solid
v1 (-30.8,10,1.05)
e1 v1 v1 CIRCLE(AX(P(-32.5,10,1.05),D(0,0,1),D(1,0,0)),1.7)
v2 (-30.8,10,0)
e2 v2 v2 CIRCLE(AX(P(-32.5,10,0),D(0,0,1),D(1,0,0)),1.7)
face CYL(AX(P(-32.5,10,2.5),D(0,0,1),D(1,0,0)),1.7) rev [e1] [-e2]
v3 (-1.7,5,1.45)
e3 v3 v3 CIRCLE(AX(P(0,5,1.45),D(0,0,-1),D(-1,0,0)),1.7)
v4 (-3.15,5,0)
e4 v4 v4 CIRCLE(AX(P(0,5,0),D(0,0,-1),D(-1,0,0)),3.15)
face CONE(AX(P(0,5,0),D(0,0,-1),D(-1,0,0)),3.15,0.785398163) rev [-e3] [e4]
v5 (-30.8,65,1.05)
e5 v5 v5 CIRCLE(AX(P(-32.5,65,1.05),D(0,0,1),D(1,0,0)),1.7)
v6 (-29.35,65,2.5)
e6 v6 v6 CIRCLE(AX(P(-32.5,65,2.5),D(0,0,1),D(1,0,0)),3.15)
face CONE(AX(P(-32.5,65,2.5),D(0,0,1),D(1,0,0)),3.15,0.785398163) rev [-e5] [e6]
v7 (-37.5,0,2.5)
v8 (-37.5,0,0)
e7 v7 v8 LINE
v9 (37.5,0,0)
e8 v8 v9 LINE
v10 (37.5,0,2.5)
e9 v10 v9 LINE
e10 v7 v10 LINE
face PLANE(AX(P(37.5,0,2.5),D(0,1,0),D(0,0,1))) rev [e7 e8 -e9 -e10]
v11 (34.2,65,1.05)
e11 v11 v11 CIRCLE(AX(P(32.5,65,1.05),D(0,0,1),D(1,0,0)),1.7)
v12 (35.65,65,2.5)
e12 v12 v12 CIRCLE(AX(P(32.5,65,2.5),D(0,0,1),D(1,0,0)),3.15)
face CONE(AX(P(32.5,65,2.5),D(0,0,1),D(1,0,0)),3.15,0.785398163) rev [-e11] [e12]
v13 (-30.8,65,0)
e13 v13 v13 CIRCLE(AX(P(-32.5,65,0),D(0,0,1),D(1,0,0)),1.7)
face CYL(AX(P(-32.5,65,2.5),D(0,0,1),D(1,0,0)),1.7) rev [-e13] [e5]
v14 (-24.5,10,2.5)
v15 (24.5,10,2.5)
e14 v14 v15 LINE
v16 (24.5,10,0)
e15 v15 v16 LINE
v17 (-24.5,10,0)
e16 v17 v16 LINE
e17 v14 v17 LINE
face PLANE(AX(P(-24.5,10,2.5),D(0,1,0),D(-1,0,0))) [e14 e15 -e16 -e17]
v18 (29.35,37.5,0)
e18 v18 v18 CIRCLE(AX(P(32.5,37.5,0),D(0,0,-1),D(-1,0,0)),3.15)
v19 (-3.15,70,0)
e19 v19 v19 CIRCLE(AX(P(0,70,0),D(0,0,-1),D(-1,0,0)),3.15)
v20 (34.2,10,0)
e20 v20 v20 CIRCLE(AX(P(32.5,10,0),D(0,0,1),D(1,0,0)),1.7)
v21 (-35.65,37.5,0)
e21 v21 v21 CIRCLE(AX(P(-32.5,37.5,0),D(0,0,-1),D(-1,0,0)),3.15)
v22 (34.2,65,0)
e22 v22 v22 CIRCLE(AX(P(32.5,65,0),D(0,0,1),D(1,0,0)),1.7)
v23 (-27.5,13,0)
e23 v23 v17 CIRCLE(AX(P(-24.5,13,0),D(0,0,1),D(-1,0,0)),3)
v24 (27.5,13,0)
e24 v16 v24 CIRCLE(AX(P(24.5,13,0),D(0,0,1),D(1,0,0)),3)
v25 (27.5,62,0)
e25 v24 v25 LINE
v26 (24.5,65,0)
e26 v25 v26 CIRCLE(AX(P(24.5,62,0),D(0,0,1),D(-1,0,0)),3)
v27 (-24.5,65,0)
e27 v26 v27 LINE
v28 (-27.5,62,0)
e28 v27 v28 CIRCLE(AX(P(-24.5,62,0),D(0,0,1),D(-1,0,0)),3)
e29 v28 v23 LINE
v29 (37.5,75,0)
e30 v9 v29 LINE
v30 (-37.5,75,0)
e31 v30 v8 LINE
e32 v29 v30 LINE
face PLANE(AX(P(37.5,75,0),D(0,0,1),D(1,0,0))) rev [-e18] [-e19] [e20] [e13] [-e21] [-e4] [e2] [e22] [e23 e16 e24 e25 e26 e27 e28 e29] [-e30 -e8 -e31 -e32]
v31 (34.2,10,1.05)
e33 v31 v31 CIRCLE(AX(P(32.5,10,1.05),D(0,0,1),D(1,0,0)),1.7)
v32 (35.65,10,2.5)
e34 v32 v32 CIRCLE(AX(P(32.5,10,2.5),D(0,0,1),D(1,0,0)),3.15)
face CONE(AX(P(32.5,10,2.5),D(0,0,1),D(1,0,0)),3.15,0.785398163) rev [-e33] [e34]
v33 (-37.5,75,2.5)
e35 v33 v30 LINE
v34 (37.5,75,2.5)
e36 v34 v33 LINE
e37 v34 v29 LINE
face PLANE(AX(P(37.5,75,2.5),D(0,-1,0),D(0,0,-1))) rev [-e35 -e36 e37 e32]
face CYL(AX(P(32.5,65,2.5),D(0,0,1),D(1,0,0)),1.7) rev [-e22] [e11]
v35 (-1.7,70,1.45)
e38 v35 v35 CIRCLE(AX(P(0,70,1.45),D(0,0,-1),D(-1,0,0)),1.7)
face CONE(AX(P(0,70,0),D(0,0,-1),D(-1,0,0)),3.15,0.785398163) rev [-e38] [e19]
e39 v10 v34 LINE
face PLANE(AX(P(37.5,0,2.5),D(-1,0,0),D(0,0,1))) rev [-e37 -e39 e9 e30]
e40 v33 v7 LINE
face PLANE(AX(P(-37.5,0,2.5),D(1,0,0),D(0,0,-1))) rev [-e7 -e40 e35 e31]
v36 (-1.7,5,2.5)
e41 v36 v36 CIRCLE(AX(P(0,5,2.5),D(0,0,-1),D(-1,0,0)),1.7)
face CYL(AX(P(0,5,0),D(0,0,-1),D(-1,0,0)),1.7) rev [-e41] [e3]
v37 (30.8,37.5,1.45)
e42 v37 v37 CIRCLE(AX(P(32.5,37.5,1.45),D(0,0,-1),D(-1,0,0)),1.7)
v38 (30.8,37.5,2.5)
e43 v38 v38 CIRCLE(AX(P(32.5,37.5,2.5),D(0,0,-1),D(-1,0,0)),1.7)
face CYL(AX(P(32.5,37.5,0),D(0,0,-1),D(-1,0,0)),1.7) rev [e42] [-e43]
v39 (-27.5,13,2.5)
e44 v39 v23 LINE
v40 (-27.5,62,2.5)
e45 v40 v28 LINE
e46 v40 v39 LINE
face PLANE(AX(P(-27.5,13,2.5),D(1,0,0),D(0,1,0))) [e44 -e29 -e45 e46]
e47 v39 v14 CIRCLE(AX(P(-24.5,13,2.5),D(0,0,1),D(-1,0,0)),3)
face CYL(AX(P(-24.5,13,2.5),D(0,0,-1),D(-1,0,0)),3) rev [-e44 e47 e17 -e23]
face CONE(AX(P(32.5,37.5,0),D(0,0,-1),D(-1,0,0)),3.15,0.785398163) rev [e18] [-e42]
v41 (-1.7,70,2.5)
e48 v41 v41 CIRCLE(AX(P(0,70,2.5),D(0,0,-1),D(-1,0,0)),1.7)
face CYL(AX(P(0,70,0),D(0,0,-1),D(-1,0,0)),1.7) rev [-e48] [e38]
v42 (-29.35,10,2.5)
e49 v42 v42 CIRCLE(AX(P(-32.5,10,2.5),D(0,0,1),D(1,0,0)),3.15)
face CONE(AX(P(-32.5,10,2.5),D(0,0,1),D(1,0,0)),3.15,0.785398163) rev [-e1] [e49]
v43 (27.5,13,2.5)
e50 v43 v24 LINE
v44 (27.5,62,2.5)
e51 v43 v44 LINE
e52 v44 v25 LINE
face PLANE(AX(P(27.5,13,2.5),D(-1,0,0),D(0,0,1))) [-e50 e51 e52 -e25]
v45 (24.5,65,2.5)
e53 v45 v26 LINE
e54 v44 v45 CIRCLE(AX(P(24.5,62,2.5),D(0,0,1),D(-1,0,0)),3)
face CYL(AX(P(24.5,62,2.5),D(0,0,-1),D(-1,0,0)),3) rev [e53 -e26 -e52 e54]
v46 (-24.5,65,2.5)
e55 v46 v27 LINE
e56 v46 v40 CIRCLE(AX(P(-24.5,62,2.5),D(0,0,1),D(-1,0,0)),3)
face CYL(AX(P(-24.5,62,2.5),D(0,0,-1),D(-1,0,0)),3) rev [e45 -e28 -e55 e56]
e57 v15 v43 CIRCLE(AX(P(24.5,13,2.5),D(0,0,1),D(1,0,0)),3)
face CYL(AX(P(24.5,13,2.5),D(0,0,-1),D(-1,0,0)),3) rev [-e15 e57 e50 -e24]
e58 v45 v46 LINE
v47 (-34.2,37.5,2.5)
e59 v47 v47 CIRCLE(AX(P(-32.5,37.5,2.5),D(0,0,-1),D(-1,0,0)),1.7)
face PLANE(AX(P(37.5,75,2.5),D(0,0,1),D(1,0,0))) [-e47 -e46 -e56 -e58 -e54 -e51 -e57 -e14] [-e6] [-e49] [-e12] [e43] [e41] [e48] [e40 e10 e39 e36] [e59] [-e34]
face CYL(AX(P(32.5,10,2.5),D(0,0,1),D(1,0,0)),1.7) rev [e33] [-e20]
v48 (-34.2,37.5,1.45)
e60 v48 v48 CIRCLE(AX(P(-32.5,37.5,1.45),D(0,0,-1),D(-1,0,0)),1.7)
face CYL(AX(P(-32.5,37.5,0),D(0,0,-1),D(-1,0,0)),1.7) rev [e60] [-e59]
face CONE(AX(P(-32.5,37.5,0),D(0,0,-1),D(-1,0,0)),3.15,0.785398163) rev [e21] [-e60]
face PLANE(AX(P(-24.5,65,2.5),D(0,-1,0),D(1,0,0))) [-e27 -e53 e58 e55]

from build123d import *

# Parameters (mm, degrees)
SKETCH1_W                                      = 75
SKETCH1_H                                      = 75
BOSS_EXTRUDE1_DEPTH                            = 2.5
CSK_FOR_M3_OVAL_HEAD_MACHINE_SCREW1_AT_2_COUNT = 2
CSK_FOR_M3_OVAL_HEAD_MACHINE_SCREW1_AT_2_PITCH = 65
CSK_FOR_M3_OVAL_HEAD_MACHINE_SCREW1_AT_3_COUNT = 2
CSK_FOR_M3_OVAL_HEAD_MACHINE_SCREW1_AT_3_PITCH = 85.14693183
CSK_FOR_M3_OVAL_HEAD_MACHINE_SCREW1_AT_4_COUNT = 2
CSK_FOR_M3_OVAL_HEAD_MACHINE_SCREW1_AT_4_PITCH = 55
CSK_FOR_M3_OVAL_HEAD_MACHINE_SCREW2_AT_2_COUNT = 2
CSK_FOR_M3_OVAL_HEAD_MACHINE_SCREW2_AT_2_PITCH = 45.961940777
CSK_FOR_M3_OVAL_HEAD_MACHINE_SCREW2_AT_3_COUNT = 2
CSK_FOR_M3_OVAL_HEAD_MACHINE_SCREW2_AT_3_PITCH = 45.961940777
CSK_FOR_M3_OVAL_HEAD_MACHINE_SCREW2_AT_4_COUNT = 2
CSK_FOR_M3_OVAL_HEAD_MACHINE_SCREW2_AT_4_PITCH = 65


with BuildPart() as part:
    # Sketch1 → Boss-Extrude1 (new body)
    with BuildSketch(Plane.XY):
        with Locations((0, 37.5)):
            Rectangle(SKETCH1_W, SKETCH1_H)
        with BuildLine():
            Line((-24.5, 10), (24.5, 10))
            ThreePointArc((24.5, 10), (26.621320344, 10.878679656), (27.5, 13))
            Line((27.5, 13), (27.5, 62))
            ThreePointArc((27.5, 62), (26.621320344, 64.121320344), (24.5, 65))
            Line((24.5, 65), (-24.5, 65))
            ThreePointArc((-24.5, 65), (-26.621320344, 64.121320344), (-27.5, 62))
            Line((-27.5, 62), (-27.5, 13))
            ThreePointArc((-27.5, 13), (-26.621320344, 10.878679656), (-24.5, 10))
        make_face(mode=Mode.SUBTRACT)
    extrude(amount=BOSS_EXTRUDE1_DEPTH)

    # Sketch2 → CSK for M3 Oval Head Machine Screw1 (revolve, cut)
    with BuildSketch(Plane(origin=(32.5, 10, 2.5), x_dir=(0, -1, 0), z_dir=(1, 0, 0))):
        Polygon((0, 0), (0, 2.5), (1.7, 2.5), (1.7, 1.45), (3.15, 0), align=None)
    csk_for_m3_oval_head_machine_screw1 = revolve(axis=Axis((32.5, 10, 8.85), (0, 0, -1)), mode=Mode.SUBTRACT)

    # CSK for M3 Oval Head Machine Screw1 at 2: CSK for M3 Oval Head Machine Screw1 ×2
    with Locations(*[(-i * CSK_FOR_M3_OVAL_HEAD_MACHINE_SCREW1_AT_2_PITCH, 0, 0) for i in range(1, CSK_FOR_M3_OVAL_HEAD_MACHINE_SCREW1_AT_2_COUNT)]):
        add(csk_for_m3_oval_head_machine_screw1, mode=Mode.SUBTRACT)

    # CSK for M3 Oval Head Machine Screw1 at 3: CSK for M3 Oval Head Machine Screw1 ×2
    with Locations(*[Vector(-0.7633862853691147, 0.6459422414661737, 0) * (i * CSK_FOR_M3_OVAL_HEAD_MACHINE_SCREW1_AT_3_PITCH) for i in range(1, CSK_FOR_M3_OVAL_HEAD_MACHINE_SCREW1_AT_3_COUNT)]):
        add(csk_for_m3_oval_head_machine_screw1, mode=Mode.SUBTRACT)

    # CSK for M3 Oval Head Machine Screw1 at 4: CSK for M3 Oval Head Machine Screw1 ×2
    with Locations(*[(0, i * CSK_FOR_M3_OVAL_HEAD_MACHINE_SCREW1_AT_4_PITCH, 0) for i in range(1, CSK_FOR_M3_OVAL_HEAD_MACHINE_SCREW1_AT_4_COUNT)]):
        add(csk_for_m3_oval_head_machine_screw1, mode=Mode.SUBTRACT)

    # Sketch3 → CSK for M3 Oval Head Machine Screw2 (revolve, cut)
    with BuildSketch(Plane(origin=(0, 5, 0), x_dir=(0, 1, 0), z_dir=(1, 0, 0))):
        Polygon((0, 0), (0, 2.5), (1.7, 2.5), (1.7, 1.45), (3.15, 0), align=None)
    csk_for_m3_oval_head_machine_screw2 = revolve(axis=Axis((0, 5, -6.35), (0, 0, 1)), mode=Mode.SUBTRACT)

    # CSK for M3 Oval Head Machine Screw2 at 2: CSK for M3 Oval Head Machine Screw2 ×2
    with Locations(*[Vector(-0.7071067811865476, 0.7071067811865476, 0) * (i * CSK_FOR_M3_OVAL_HEAD_MACHINE_SCREW2_AT_2_PITCH) for i in range(1, CSK_FOR_M3_OVAL_HEAD_MACHINE_SCREW2_AT_2_COUNT)]):
        add(csk_for_m3_oval_head_machine_screw2, mode=Mode.SUBTRACT)

    # CSK for M3 Oval Head Machine Screw2 at 3: CSK for M3 Oval Head Machine Screw2 ×2
    with Locations(*[Vector(0.7071067811865475, 0.7071067811865476, 0) * (i * CSK_FOR_M3_OVAL_HEAD_MACHINE_SCREW2_AT_3_PITCH) for i in range(1, CSK_FOR_M3_OVAL_HEAD_MACHINE_SCREW2_AT_3_COUNT)]):
        add(csk_for_m3_oval_head_machine_screw2, mode=Mode.SUBTRACT)

    # CSK for M3 Oval Head Machine Screw2 at 4: CSK for M3 Oval Head Machine Screw2 ×2
    with Locations(*[(0, i * CSK_FOR_M3_OVAL_HEAD_MACHINE_SCREW2_AT_4_PITCH, 0) for i in range(1, CSK_FOR_M3_OVAL_HEAD_MACHINE_SCREW2_AT_4_COUNT)]):
        add(csk_for_m3_oval_head_machine_screw2, mode=Mode.SUBTRACT)


solid = part.part
